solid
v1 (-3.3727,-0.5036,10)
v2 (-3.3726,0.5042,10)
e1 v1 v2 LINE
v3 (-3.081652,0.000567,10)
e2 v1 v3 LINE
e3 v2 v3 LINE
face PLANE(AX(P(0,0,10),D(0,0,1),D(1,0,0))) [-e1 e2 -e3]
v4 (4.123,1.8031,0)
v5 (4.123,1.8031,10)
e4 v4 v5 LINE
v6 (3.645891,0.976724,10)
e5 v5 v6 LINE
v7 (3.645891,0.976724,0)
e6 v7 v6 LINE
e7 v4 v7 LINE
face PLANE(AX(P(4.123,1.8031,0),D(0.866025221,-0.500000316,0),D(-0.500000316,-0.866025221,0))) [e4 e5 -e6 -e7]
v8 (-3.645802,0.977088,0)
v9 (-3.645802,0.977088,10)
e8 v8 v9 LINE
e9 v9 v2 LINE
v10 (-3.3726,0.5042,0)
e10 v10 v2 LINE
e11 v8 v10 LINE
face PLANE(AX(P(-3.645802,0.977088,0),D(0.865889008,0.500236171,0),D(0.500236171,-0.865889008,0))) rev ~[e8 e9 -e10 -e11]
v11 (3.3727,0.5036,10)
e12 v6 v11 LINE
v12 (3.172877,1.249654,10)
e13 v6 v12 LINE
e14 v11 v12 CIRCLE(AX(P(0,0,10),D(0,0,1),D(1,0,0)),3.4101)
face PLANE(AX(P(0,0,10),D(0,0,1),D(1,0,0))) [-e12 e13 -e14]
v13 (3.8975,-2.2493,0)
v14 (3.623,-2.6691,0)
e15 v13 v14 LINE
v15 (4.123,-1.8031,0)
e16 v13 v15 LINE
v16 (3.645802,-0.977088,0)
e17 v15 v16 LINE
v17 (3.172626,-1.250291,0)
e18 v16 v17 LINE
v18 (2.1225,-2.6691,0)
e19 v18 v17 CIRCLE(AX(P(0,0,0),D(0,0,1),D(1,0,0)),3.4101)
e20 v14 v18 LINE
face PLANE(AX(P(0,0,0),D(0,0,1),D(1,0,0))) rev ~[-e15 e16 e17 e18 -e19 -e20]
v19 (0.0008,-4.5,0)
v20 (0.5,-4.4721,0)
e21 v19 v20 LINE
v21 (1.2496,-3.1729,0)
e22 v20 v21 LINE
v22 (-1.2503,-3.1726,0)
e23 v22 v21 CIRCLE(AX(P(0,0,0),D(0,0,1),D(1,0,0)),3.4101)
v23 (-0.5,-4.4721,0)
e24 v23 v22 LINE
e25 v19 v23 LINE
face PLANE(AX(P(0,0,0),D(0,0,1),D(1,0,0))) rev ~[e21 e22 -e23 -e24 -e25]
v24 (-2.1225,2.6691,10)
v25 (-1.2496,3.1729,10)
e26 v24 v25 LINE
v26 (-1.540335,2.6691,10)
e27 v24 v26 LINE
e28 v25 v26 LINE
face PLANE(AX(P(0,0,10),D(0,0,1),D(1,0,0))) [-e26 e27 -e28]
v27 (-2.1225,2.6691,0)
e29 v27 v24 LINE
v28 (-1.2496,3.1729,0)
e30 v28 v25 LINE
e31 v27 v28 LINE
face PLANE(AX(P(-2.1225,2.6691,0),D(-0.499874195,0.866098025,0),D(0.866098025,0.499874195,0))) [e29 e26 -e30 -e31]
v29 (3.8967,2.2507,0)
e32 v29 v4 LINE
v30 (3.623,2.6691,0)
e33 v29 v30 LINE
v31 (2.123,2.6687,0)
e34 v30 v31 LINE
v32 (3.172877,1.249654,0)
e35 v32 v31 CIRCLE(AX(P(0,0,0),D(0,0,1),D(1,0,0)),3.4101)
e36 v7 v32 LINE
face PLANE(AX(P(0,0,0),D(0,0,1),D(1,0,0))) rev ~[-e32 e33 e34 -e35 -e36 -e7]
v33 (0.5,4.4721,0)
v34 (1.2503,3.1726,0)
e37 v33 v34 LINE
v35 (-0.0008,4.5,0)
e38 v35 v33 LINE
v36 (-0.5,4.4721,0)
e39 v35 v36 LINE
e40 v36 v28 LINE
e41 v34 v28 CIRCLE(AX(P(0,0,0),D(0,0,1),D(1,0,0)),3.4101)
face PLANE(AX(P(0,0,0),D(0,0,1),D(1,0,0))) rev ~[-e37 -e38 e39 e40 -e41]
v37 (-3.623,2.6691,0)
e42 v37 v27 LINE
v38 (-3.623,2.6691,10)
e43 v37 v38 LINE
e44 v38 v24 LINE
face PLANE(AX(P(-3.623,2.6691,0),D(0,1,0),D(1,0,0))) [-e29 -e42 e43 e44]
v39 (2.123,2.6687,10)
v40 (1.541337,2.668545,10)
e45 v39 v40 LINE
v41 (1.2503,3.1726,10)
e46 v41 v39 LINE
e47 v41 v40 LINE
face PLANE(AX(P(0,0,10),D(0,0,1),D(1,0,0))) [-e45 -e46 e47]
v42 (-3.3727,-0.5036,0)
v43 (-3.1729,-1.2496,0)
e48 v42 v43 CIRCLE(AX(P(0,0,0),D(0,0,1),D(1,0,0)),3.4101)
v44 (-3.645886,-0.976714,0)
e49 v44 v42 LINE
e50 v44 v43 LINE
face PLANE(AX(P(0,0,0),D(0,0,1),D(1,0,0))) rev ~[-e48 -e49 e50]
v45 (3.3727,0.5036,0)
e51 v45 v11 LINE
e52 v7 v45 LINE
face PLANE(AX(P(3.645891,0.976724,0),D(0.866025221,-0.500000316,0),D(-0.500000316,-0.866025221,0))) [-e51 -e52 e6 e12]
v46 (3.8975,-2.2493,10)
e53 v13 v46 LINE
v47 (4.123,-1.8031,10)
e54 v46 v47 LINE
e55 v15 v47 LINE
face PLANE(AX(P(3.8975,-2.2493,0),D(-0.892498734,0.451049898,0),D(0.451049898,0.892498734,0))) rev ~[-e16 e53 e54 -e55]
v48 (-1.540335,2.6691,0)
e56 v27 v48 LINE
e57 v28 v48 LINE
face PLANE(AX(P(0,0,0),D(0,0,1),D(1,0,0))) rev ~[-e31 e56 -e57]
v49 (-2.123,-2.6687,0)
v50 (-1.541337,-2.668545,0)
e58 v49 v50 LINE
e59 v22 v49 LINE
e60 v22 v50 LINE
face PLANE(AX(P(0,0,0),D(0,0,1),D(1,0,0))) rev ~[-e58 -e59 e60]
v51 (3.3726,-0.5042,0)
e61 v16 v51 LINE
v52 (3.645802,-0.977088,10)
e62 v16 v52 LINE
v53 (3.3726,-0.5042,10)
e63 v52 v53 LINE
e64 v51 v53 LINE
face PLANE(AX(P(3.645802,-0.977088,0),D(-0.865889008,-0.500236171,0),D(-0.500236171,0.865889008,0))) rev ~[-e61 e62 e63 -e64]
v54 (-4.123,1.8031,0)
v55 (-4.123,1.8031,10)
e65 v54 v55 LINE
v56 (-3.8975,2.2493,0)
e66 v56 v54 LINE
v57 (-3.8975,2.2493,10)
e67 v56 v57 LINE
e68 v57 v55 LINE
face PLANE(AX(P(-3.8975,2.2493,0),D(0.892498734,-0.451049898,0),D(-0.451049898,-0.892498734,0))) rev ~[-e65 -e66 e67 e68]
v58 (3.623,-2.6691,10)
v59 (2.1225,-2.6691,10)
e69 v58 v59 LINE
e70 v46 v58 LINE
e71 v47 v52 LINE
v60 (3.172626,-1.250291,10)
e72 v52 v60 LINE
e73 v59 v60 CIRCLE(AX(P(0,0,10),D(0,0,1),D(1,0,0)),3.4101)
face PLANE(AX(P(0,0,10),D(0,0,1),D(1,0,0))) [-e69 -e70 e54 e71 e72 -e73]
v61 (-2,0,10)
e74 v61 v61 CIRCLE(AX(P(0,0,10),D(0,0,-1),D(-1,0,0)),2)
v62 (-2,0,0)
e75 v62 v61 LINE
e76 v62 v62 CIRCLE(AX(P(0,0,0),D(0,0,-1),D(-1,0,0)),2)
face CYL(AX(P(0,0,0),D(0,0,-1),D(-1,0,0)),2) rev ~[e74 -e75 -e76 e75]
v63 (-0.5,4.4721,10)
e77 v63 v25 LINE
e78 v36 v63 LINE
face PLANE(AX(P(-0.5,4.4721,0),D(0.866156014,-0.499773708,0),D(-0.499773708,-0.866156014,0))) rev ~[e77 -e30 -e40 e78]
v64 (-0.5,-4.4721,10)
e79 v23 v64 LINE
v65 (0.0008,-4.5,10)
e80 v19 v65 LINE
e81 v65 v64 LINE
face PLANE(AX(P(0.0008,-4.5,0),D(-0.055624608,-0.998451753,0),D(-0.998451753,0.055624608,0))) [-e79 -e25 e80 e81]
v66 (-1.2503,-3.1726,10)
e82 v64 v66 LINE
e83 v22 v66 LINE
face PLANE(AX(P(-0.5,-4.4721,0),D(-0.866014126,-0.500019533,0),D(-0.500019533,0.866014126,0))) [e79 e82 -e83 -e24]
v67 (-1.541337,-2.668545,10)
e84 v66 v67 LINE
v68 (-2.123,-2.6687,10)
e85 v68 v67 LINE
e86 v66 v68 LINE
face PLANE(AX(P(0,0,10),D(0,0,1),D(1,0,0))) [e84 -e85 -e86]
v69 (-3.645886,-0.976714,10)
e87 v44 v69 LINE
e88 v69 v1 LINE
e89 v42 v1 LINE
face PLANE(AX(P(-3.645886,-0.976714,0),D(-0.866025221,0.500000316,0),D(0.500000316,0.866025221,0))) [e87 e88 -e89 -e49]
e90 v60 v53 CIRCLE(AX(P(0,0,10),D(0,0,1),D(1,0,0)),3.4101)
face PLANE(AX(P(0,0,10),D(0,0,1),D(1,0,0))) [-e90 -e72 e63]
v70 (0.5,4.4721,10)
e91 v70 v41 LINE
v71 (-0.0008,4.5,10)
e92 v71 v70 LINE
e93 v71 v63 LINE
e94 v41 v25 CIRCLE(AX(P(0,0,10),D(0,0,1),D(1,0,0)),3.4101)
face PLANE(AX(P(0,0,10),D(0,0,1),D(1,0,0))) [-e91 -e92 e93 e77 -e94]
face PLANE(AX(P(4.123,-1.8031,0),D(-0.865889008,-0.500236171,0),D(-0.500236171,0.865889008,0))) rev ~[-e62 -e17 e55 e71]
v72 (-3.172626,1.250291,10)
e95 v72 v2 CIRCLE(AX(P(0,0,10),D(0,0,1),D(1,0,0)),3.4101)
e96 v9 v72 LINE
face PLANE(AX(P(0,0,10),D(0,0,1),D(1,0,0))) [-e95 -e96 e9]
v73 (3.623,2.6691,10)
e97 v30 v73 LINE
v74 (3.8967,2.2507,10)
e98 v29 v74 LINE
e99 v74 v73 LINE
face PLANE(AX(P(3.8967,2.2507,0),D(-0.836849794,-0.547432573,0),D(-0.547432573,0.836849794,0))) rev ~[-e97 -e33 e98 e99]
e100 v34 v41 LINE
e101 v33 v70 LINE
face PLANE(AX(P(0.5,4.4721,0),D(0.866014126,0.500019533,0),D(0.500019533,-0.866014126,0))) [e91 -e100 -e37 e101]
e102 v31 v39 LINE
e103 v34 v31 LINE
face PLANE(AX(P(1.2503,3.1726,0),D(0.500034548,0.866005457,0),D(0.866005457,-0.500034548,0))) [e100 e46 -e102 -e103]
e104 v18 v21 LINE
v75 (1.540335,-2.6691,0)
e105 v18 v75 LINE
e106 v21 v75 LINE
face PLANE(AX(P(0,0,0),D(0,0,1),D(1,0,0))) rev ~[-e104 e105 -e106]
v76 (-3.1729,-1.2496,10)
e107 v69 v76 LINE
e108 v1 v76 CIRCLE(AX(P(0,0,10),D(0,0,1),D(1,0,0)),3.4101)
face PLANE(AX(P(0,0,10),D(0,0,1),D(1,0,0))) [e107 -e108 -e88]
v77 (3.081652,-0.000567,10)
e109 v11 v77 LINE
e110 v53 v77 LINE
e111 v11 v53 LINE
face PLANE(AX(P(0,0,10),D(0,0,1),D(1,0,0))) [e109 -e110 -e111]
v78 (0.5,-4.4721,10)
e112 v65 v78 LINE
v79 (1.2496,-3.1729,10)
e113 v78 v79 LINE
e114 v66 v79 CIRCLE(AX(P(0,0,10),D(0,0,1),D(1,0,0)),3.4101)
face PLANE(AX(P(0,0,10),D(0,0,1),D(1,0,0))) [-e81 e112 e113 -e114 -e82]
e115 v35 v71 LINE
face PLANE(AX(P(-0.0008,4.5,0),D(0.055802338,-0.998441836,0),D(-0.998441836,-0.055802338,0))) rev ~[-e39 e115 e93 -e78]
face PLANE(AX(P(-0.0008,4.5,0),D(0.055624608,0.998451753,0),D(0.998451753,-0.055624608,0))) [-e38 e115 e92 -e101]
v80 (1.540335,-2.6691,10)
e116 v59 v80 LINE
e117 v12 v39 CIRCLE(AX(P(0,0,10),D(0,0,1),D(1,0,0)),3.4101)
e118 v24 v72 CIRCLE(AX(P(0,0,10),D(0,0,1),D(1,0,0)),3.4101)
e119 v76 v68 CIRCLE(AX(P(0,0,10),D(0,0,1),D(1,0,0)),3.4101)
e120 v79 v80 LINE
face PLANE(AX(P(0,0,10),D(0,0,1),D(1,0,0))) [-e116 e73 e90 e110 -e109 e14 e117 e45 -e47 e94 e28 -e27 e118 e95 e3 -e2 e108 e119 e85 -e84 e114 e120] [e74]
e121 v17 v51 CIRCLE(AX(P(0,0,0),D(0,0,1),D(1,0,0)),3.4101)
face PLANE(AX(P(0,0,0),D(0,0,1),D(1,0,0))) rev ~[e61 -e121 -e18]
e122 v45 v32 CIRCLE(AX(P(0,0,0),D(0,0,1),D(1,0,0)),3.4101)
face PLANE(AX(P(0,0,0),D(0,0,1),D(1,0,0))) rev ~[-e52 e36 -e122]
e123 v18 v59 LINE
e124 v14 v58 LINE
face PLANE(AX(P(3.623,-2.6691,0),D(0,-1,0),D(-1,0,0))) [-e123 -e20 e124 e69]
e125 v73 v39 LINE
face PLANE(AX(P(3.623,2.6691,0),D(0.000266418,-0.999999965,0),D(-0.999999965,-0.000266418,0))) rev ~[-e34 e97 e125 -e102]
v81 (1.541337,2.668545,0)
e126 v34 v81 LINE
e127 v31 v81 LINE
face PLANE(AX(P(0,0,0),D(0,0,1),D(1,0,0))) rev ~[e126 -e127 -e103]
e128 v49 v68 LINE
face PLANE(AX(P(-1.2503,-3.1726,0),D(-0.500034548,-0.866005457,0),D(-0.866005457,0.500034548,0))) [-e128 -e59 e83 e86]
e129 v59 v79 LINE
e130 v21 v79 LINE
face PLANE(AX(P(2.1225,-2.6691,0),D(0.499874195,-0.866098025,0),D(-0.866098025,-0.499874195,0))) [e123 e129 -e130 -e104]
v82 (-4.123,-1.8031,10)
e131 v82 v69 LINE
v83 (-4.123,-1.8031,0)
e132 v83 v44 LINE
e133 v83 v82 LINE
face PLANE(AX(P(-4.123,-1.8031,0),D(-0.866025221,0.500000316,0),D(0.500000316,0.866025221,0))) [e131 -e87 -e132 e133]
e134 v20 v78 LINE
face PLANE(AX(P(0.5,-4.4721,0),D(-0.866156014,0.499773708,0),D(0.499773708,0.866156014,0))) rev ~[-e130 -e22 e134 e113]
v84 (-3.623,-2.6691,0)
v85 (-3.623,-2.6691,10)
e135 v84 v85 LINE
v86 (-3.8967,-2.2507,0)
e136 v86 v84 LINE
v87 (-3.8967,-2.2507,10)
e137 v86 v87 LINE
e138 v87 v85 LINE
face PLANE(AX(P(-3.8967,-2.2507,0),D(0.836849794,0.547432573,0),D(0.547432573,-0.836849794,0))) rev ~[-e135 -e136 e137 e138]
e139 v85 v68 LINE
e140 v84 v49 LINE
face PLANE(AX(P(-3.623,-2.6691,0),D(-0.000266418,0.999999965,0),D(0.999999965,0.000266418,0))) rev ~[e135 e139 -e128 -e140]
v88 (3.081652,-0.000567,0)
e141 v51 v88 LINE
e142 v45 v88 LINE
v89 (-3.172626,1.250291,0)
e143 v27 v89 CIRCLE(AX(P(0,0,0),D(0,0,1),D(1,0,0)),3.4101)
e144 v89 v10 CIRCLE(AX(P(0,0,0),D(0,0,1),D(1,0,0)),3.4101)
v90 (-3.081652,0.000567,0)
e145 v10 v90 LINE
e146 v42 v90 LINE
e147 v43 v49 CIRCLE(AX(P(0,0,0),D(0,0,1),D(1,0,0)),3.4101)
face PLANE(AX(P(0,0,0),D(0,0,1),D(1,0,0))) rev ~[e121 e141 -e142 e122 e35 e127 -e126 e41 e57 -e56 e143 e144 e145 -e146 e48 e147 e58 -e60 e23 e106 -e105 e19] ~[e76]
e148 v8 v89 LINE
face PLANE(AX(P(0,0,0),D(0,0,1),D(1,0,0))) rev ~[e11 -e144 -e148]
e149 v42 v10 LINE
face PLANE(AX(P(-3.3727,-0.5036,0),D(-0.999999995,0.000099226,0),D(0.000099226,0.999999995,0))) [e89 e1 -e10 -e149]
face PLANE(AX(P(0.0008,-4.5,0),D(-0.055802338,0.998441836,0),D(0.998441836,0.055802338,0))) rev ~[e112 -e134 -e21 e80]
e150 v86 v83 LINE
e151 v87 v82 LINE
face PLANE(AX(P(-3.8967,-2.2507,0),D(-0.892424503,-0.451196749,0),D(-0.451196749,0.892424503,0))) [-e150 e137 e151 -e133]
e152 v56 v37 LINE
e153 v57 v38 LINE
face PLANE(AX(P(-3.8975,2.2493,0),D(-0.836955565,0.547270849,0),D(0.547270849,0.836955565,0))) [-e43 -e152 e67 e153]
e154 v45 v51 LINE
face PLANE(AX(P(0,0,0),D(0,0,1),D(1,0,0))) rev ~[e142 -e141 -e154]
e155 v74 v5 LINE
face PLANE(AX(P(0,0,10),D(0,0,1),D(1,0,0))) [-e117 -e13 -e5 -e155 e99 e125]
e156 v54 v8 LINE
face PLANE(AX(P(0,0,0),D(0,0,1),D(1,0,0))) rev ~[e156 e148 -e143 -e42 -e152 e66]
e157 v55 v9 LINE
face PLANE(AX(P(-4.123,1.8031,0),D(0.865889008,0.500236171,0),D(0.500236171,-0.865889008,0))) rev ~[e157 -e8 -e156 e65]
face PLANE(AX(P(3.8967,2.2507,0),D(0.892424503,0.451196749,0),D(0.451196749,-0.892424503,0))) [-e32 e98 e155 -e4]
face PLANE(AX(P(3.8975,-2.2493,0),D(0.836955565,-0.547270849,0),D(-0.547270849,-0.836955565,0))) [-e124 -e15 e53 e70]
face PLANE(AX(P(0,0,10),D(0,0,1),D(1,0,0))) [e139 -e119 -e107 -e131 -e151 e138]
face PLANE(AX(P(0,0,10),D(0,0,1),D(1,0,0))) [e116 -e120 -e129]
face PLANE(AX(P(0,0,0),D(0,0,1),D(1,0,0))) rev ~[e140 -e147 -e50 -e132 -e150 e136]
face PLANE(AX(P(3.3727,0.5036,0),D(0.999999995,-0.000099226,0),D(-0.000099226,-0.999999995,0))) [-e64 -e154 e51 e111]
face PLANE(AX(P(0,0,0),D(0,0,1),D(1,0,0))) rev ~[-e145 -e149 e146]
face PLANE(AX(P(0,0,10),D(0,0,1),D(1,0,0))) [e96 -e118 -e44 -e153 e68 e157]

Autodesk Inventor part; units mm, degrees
ref_plane "YZ Plane" through (0, 0, 0) normal (1, 0, 0) x (0, 1, 0)
ref_plane "XZ Plane" through (0, 0, 0) normal (0, 1, 0) x (-1, 0, 0)
ref_plane "XY Plane" through (0, 0, 0) normal (0, 0, 1) x (1, 0, 0)
sketch "Szkic1" plane through (0, 0, 0) normal (0, 0, 1) x (1, 0, 0)
  line L0 (-0.0008, 4.5) -> (-0.5, 4.4721)
  line L1 (-0.0008, 4.5) -> (0.5, 4.4721)
  line L2 (0.5, 4.4721) -> (1.6267, 2.5207)
  line L3 (0.5, 4.4721) -> (2.7533, 4.4721) construction
  line L4 (-0.0008, 4.5) -> (-0.5, 4.4721)
  line L5 (-0.5, 4.4721) -> (-1.6255, 2.5215)
  line L6 (-4.4721, 0.5) -> (-2.5207, 1.6267)
  line L7 (-4.5, -0.0008) -> (-4.4721, 0.5)
  line L8 (-4.5, -0.0008) -> (-4.4721, -0.5)
  line L9 (-4.4721, -0.5) -> (-2.5215, -1.6255)
  line L10 (-0.5, -4.4721) -> (-1.6267, -2.5207)
  line L11 (0.0008, -4.5) -> (-0.5, -4.4721)
  line L12 (0.0008, -4.5) -> (0.5, -4.4721)
  line L13 (0.5, -4.4721) -> (1.6255, -2.5215)
  line L14 (4.4721, -0.5) -> (2.5207, -1.6267)
  line L15 (4.5, 0.0008) -> (4.4721, -0.5)
  line L16 (4.5, 0.0008) -> (4.4721, 0.5)
  line L17 (4.4721, 0.5) -> (2.5215, 1.6255)
  line L18 (-4.4721, -0.5) -> (-3.1729, -1.2496)
  circle A0 centre (0, 0) radius 3.4101
  line L19 (-4.123, 1.8031) -> (-2.9964, -0.147)
  line L20 (-3.8975, 2.2493) -> (-4.123, 1.8031)
  line L21 (-3.8975, 2.2493) -> (-3.623, 2.6691)
  line L22 (-3.623, 2.6691) -> (-1.3697, 2.6691)
  line L23 (-3.623, -2.6691) -> (-1.3709, -2.6685)
  line L24 (-3.8967, -2.2507) -> (-3.623, -2.6691)
  line L25 (-3.8967, -2.2507) -> (-4.123, -1.8031)
  line L26 (-4.123, -1.8031) -> (-2.9963, 0.1484)
  line L27 (0.5, -4.4721) -> (1.6255, -2.5215)
  line L28 (0.0008, -4.5) -> (0.5, -4.4721)
  line L29 (0.0008, -4.5) -> (-0.5, -4.4721)
  line L30 (-0.5, -4.4721) -> (-1.6267, -2.5207)
  line L31 (4.123, -1.8031) -> (2.9964, 0.147)
  line L32 (3.8975, -2.2493) -> (4.123, -1.8031)
  line L33 (3.8975, -2.2493) -> (3.623, -2.6691)
  line L34 (3.623, -2.6691) -> (1.3697, -2.6691)
  line L35 (3.623, 2.6691) -> (1.3709, 2.6685)
  line L36 (3.8967, 2.2507) -> (3.623, 2.6691)
  line L37 (3.8967, 2.2507) -> (4.123, 1.8031)
  line L38 (4.123, 1.8031) -> (2.9963, -0.1484)
  line L39 (-2.1225, 2.6691) -> (-1.2496, 3.1729)
  line L40 (1.2503, 3.1726) -> (2.123, 2.6687)
  line L41 (3.3727, 0.5036) -> (3.3726, -0.5042)
  line L42 (2.1225, -2.6691) -> (1.2496, -3.1729)
  line L43 (-1.2503, -3.1726) -> (-2.123, -2.6687)
  line L44 (-3.3727, -0.5036) -> (-3.3726, 0.5042)
  point P0 (-1.2503, -3.1726)
  point P1 (1.2496, -3.1729)
  point P2 (3.1726, -1.2503)
  point P3 (3.1729, 1.2496)
  point P4 (1.2503, 3.1726)
  point P5 (-1.2496, 3.1729)
  point P6 (-3.1726, 1.2503)
  point P7 (-3.6459, -0.9767)
  point P8 (-1.2503, -3.1726)
  point P9 (1.2496, -3.1729)
  dimension "d2" = 0.5
  dimension "d3" = 60
  dimension "d8" = 360
  dimension "d12" = 1.5
  dimension "d15" = 360
extrude "Wyciągnięcie proste2" add sketch "Szkic1" along normal blind 10 contours L1 L2 A0 L5 L0 | A0 L2 L35 L38 L31 L34 L13 L10 L23 L26 L19 L22 L5 | L5 L22 L39 | L40 L35 L2 | A0 L6 L19 L20 L21 L22 | L35 L36 L37 L38 L17 A0 | A0 L19 L6 | L17 L38 A0 | L19 L26 L44 | L41 L31 L38 | A0 L9 L26 | L31 L14 A0 | A0 L23 L24 L25 L26 L9 | L14 L31 L32 L33 L34 A0 | L23 L10 L43 | L42 L13 L34 | A0 L13 L12 L11 L10
sketch "Szkic2" plane through (0, 0, 0) normal (0, 0, -1) x (-1, 0, 0)
  circle A0 centre (0, 0) radius 2
  dimension "d19" = 4
sketch "Szkic3" plane through (0, 0, 0) normal (0, 0, -1) x (-1, 0, 0)
  point P0 (0, 0)
extrude "Wyciągnięcie proste3" cut sketch "Szkic2" against normal blind 10
